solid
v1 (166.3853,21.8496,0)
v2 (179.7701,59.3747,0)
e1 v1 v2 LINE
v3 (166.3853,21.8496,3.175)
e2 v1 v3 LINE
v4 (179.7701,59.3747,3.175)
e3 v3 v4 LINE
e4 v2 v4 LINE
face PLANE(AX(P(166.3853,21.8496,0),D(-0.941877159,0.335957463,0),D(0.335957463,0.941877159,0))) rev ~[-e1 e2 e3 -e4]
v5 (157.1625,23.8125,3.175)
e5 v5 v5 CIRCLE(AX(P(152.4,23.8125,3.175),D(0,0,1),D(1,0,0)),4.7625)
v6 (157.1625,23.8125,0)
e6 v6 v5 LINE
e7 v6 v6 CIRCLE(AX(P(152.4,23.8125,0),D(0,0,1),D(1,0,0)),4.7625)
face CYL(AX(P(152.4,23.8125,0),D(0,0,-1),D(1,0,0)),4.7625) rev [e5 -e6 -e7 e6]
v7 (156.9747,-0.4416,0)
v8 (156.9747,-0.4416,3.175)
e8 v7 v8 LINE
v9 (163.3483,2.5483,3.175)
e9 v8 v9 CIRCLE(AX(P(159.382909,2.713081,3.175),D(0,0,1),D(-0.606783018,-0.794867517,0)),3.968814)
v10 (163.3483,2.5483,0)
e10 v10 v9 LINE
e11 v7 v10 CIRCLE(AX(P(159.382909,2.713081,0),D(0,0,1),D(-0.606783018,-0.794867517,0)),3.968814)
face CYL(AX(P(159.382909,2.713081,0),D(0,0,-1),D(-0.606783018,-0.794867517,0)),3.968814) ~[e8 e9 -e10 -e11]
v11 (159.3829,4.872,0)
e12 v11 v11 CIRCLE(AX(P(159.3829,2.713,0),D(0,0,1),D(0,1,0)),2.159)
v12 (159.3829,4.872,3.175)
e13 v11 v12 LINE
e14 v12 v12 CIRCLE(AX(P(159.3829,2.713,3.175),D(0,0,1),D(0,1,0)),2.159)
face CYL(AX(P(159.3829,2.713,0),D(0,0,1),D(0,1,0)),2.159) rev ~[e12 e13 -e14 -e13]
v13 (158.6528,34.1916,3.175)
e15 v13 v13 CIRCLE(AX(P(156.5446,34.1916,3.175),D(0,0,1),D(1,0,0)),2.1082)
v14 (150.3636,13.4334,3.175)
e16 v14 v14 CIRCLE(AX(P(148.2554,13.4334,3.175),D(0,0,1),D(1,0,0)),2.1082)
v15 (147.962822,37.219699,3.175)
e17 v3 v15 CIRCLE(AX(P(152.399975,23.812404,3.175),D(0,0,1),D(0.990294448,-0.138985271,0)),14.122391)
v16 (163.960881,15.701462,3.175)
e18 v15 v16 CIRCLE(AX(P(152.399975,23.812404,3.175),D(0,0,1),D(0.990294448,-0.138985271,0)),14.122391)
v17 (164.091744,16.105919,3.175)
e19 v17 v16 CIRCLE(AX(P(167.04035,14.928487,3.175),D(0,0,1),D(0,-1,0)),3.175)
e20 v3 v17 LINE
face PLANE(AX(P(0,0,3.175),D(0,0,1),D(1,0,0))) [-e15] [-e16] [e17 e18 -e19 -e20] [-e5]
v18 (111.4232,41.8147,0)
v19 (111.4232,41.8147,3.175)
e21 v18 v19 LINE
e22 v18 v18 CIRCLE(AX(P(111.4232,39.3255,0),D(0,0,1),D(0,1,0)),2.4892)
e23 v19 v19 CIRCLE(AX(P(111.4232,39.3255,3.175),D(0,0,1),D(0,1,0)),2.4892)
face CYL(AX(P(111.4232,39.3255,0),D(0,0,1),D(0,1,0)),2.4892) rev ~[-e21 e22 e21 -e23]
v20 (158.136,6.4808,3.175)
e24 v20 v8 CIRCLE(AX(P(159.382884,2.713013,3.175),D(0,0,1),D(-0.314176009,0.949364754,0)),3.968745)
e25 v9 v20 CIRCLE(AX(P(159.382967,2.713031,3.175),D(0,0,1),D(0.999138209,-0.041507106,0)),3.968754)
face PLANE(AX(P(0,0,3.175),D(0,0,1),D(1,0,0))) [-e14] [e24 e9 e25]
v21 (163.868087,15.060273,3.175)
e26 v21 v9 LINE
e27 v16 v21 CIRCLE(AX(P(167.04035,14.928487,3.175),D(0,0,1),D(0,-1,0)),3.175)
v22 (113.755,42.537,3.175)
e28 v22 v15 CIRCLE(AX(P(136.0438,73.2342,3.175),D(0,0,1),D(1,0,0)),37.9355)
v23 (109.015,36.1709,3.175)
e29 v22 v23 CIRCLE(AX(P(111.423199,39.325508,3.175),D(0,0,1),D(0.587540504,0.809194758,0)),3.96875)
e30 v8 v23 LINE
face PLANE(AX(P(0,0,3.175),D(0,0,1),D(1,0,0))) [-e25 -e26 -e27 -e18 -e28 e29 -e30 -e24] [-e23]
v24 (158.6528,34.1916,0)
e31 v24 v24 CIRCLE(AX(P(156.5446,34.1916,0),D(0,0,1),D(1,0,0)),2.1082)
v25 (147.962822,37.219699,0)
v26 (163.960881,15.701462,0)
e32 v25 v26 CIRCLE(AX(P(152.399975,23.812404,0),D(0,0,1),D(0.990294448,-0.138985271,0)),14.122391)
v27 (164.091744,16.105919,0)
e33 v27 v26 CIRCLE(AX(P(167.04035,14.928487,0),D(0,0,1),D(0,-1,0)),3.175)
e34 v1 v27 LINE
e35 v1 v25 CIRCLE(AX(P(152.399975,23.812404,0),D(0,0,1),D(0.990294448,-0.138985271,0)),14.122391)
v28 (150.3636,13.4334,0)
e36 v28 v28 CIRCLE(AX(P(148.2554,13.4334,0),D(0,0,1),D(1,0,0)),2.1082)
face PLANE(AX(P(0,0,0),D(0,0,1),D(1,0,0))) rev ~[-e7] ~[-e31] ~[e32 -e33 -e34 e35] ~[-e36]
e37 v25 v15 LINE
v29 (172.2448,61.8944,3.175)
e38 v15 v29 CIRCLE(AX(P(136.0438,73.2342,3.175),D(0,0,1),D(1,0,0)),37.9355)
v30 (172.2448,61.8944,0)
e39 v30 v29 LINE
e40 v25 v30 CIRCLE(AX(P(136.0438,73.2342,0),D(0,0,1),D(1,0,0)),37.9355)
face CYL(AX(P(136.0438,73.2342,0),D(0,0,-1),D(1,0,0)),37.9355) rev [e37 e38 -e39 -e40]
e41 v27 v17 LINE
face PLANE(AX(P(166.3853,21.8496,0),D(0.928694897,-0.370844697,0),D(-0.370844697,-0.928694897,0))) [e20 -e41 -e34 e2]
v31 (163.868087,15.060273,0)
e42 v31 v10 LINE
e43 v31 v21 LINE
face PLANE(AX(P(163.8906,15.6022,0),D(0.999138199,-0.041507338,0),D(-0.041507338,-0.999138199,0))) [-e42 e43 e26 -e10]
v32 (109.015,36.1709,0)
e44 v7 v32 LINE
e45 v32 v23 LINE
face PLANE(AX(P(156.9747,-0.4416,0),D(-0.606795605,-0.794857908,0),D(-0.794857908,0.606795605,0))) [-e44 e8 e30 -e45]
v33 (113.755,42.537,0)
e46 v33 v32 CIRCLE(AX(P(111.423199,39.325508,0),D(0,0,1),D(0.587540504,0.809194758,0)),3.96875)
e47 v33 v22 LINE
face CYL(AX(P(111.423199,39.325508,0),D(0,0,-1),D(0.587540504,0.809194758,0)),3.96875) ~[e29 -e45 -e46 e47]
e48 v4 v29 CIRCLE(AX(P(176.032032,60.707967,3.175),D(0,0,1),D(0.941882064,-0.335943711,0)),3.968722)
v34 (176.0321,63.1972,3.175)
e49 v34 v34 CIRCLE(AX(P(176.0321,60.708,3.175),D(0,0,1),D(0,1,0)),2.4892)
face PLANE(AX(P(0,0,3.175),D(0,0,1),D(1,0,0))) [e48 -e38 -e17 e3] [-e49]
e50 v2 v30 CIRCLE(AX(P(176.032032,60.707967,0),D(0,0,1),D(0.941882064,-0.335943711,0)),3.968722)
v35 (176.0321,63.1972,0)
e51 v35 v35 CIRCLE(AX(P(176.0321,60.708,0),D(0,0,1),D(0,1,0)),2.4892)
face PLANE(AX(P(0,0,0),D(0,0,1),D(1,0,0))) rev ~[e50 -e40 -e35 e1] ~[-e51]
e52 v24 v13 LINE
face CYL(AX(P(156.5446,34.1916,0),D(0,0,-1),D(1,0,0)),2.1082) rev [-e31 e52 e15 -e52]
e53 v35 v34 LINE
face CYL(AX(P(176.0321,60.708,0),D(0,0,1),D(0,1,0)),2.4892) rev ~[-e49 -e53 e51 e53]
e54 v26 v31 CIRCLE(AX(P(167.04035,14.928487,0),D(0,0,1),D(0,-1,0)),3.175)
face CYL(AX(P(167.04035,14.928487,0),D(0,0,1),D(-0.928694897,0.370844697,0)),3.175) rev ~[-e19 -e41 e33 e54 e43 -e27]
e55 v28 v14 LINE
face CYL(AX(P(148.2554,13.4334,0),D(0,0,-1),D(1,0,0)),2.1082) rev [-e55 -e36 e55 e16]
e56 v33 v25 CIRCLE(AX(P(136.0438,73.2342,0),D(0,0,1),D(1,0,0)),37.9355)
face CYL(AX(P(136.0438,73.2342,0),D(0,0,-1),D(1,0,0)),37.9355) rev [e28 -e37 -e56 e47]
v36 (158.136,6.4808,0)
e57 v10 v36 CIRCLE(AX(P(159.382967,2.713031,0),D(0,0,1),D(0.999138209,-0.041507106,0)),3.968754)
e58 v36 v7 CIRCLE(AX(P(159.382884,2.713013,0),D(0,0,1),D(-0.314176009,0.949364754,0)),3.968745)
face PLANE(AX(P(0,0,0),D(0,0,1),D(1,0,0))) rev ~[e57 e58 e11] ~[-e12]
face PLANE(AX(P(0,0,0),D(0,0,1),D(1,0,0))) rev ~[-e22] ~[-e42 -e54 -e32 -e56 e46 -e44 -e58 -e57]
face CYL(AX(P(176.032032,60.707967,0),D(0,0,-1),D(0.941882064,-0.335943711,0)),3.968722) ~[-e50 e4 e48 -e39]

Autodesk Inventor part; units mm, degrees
ref_plane "YZ Plane" through (0, 0, 0) normal (1, 0, 0) x (0, 1, 0)
ref_plane "XZ Plane" through (0, 0, 0) normal (0, 1, 0) x (-1, 0, 0)
ref_plane "XY Plane" through (0, 0, 0) normal (0, 0, 1) x (1, 0, 0)
sketch "Sketch1" plane through (0, 0, 0) normal (0, 0, 1) x (1, 0, 0)
  line L0 (0, 0) -> (304.8, 0) construction
  line L1 (304.8, 0) -> (304.8, 50.8) construction
  line L2 (304.8, 50.8) -> (0, 50.8) construction
  line L3 (0, 50.8) -> (0, 0) construction
  circle A0 centre (152.4, 23.8125) radius 6.35 construction
  circle A1 centre (152.4, 23.8125) radius 34.29 construction
  circle A2 centre (152.4, 23.8125) radius 22.225 construction
  line L4 (152.4, 23.8125) -> (139.8147, 61.8398) construction
  circle A3 centre (139.8147, 61.8398) radius 9.525 construction
  circle A4 centre (139.8147, 61.8398) radius 17.78 construction
  circle A5 centre (91.4913, 85.598) radius 32.258 construction
  circle A6 centre (164.4242, 109.7354) radius 32.258 construction
  line L5 (0, 50.8) -> (0, 53.34) construction
  line L6 (0, 53.34) -> (304.8, 53.34) construction
  line L7 (304.8, 53.34) -> (304.8, 50.8) construction
  circle A7 centre (139.8147, 61.8398) radius 21.59 construction
  circle A8 centre (152.4, 23.8125) radius 46.99 construction
  circle A9 centre (152.4, 23.8125) radius 50.8 construction
  arc A10 (86.31, 79.9698) -> (92.3737, 93.1969) centre (91.4913, 85.598) ccw construction
  circle A11 centre (164.4242, 109.7354) radius 7.65 construction
  circle A12 centre (164.4242, 109.7354) radius 9.1 construction
  circle A13 centre (139.8147, 61.8398) radius 22.9 construction
  line L8 (86.31, 79.9698) -> (124.3047, 44.992) construction
  line L9 (171.9401, 108.3093) -> (162.3134, 57.5711) construction
  line L10 (92.3737, 93.1969) -> (91.4913, 85.598) construction
  line L11 (91.4913, 85.598) -> (86.31, 79.9698) construction
  arc A14 (129.415, 93.2634) -> (131.9683, 98.1756) centre (128.1681, 97.0312) ccw
  circle A15 centre (128.1681, 97.0312) radius 7.9375 construction
  line L12 (92.3737, 93.1969) -> (127.2525, 89.1467) construction
  line L13 (133.6065, 91.2495) -> (159.1828, 115.3076) construction
  line L14 (159.1828, 115.3076) -> (164.4242, 109.7354) construction
  line L15 (171.9401, 108.3093) -> (164.4242, 109.7354) construction
  line L16 (139.8147, 61.8398) -> (128.1681, 97.0312) construction
  line L17 (91.4913, 85.598) -> (164.4242, 109.7354) construction
  line L18 (152.4, 23.8125) -> (91.4913, 85.598) construction
  line L19 (152.4, 23.8125) -> (164.4242, 109.7354) construction
  circle A16 centre (128.1681, 97.0312) radius 9.2075 construction
  circle A17 centre (128.1681, 97.0312) radius 6.1595 construction
  arc A18 (92.3737, 93.1969) -> (86.31, 79.9698) centre (91.4913, 85.598) ccw construction
  circle A19 centre (164.4242, 109.7354) radius 25.4 construction
  line L20 (104.9341, 114.9215) -> (78.0485, 56.2745) construction
  circle A20 centre (91.4913, 85.598) radius 25.4 construction
  line L21 (104.3539, 107.5736) -> (92.6302, 85.0411) construction
  line L22 (80.9064, 62.5086) -> (90.326, 86.0974) construction
  arc A21 (100.6288, 111.8976) -> (98.8626, 107.4747) centre (99.7457, 109.6862) ccw construction
  arc A22 (103.2548, 105.4612) -> (105.453, 109.686) centre (104.3539, 107.5736) ccw construction
  arc A23 (103.2548, 105.4612) -> (98.8626, 107.4747) centre (80.9064, 62.5086) ccw construction
  line L23 (99.7457, 109.6862) -> (100.6288, 111.8976) construction
  line L24 (104.3539, 107.5736) -> (105.453, 109.686) construction
  arc A24 (105.453, 109.686) -> (100.6288, 111.8976) centre (80.9064, 62.5086) ccw construction
  arc A25 (87.9407, 76.0281) -> (97.3197, 94.0541) centre (92.6302, 85.0411) ccw construction
  line L25 (90.326, 86.0974) -> (99.7457, 109.6862) construction
  line L26 (92.6302, 85.0411) -> (80.9064, 62.5086) construction
  arc A26 (87.9407, 76.0281) -> (86.5582, 76.6619) centre (80.9064, 62.5086) ccw construction
  arc A27 (97.3197, 94.0541) -> (94.0939, 95.5329) centre (80.9064, 62.5086) ccw construction
  arc A28 (94.0939, 95.5329) -> (86.5582, 76.6619) centre (90.326, 86.0974) ccw construction
  line L27 (164.4242, 109.7354) -> (142.1549, 121.9516) construction
  line L28 (164.4242, 109.7354) -> (186.6936, 97.5192) construction
  circle A29 centre (139.8147, 61.8398) radius 26.71 construction
  circle A30 centre (152.4, 23.8125) radius 11.176 construction
  line L29 (152.4, 23.8125) -> (159.3829, 2.713) construction
  circle A31 centre (152.4, 23.8125) radius 4.7625
  line L30 (156.5446, 34.1916) -> (148.2554, 13.4334) construction
  circle A32 centre (156.5446, 34.1916) radius 2.1082
  circle A33 centre (148.2554, 13.4334) radius 2.1082
  arc A34 (166.3853, 21.8496) -> (163.8906, 15.6022) centre (152.4, 23.8125) ccw
  circle A35 centre (111.4232, 39.3255) radius 9.525 construction
  circle A36 centre (176.0321, 60.708) radius 9.525 construction
  arc A37 (113.755, 42.537) -> (109.015, 36.1709) centre (111.4232, 39.3255) ccw
  arc A38 (179.7701, 59.3747) -> (172.2448, 61.8944) centre (176.0321, 60.708) ccw
  arc A39 (158.136, 6.4808) -> (156.9747, -0.4416) centre (159.3829, 2.713) ccw
  line L31 (152.4, 23.8125) -> (165.1379, 18.7259) construction
  line L32 (166.3853, 21.8496) -> (163.8906, 15.6022)
  arc A40 (163.8906, 15.6022) -> (166.3853, 21.8496) centre (152.4, 23.8125) ccw construction
  line L33 (163.8906, 15.6022) -> (163.3483, 2.5483)
  line L34 (156.9747, -0.4416) -> (109.015, 36.1709)
  line L35 (166.3853, 21.8496) -> (179.7701, 59.3747)
  arc A41 (124.3867, 95.8262) -> (129.415, 93.2634) centre (128.1681, 97.0312) ccw
  arc A42 (131.9683, 98.1756) -> (124.3867, 95.8262) centre (128.1681, 97.0312) ccw
  arc A43 (131.7101, 98.9085) -> (131.9683, 98.1756) centre (178.947, 115.132) ccw
  arc A44 (163.3483, 2.5483) -> (158.136, 6.4808) centre (159.3829, 2.713) ccw
  arc A45 (156.9747, -0.4416) -> (163.3483, 2.5483) centre (159.3829, 2.713) ccw
  circle A46 centre (136.0438, 73.2342) radius 37.9355
  point P0 (102.0762, 108.6874)
  point P1 (145.0256, 46.8513)
  dimension "d1" = 50.8
  dimension "d3" = 23.8125
  dimension "d4" = 152.4
  dimension "d7" = 68.58
  dimension "d8" = 44.45
  dimension "d9" = 19.05
  dimension "d10" = 35.56
  dimension "d11" = 40.0558
  dimension "d12" = 64.516
  dimension "d13" = 64.516
  dimension "d15" = 2.54
  dimension "d16" = 304.8
  dimension "d17" = 43.18
  dimension "d18" = 93.98
  dimension "d19" = 101.6
  dimension "d21" = 15.3
  dimension "d22" = 15.3
  dimension "d24" = 18.2
  dimension "d29" = 45.8
  dimension "d30" = 143.991
  dimension "d31" = 7.9375
  dimension "d32" = 15.875
  dimension "d33" = 143.991
  dimension "d35" = 18.415
  dimension "d37" = 12.319
  dimension "d40" = 50.8
  dimension "d42" = 18.004
  dimension "d43" = 18.004
  dimension "d44" = 50.8
  dimension "d75" = 2.86
  dimension "d80" = 4.7625
  dimension "d82" = 4.7625
  dimension "d83" = 50.8
  dimension "d84" = 50.8
  dimension "d97" = 48.4188
  dimension "d99" = 20.32
  dimension "d101" = 25.4
  dimension "d102" = 25.4
  dimension "d103" = 10.16
  dimension "d105" = 18.004
  dimension "d106" = 18.004
  dimension "d107" = 53.42
  dimension "d149" = 22.352
  dimension "d152" = 180
  dimension "d163" = 9.525
  dimension "d190" = 12.7
  dimension "d191" = 4.2164
  dimension "d192" = 4.2164
  dimension "d209" = 28.2448
  dimension "d210" = 19.05
  dimension "d211" = 19.05
  dimension "d212" = 7.9375
  dimension "d214" = 22.225
  dimension "d215" = 7.9375
  dimension "d216" = 13.716
  dimension "d232" = 3.9688
extrude "Extrusion3" add sketch "Sketch1" along normal blind 3.175 contours L32 A34 | A34 A46 A38 L35 | A34 L33 A44 A39 L34 A37 A46 | A45 A39 A44
hole "Hole3" at (80.9064, 62.5086, 0) at (186.6936, 97.5192, 0) at (128.1681, 97.0312, 0) at (111.4232, 39.3255, 0) at (176.0321, 60.708, 0) direction (0, 0, 1) diameter 4.9784 end through all clearance for "Socket Head Cap Screw" size "#10" standard "Ansi Unified Screw Threads"
fillet "Fillet3" radius 3.175 2 edges at (166.3853, 21.8496, 1.5875) (163.8906, 15.6022, 1.5875)
hole "Hole6" at (159.3829, 2.713, 0) direction (0, 0, 1) diameter 4.318 end through all clearance for "Socket Head Cap Screw" size "#8" standard "Ansi Unified Screw Threads"
equation "\"d8\" = Gear35tPD"
equation "\"d9\" = Gear15tPD"
equation "\"d10\" = Gear28tPD"
equation "\"d11\" = 0.5 * Gear48tPD + 0.5 * Gear15tPD + MeshingClearance"
equation "\"d12\" = CimOD"
equation "\"d13\" = CimOD"
equation "\"d17\" = Gear28tPD + ClearanceDiameter"
equation "\"d18\" = WheelOD"
equation "\"d19\" = WheelClearance"
equation "\"Pulley48tPD\" = 45.8"
equation "\"Pulley19tPD\" = 18.2"
equation "\"Pulley16tPD\" = 15.3"
equation "\"Gear15tPD\" = 19.05"
equation "\"Gear35tPD\" = 44.45"
equation "\"Gear48tPD\" = 60.96"
equation "\"Gear28tPD\" = 35.56"
equation "\"BearingLargeOD\" = 28.575"
equation "\"BearingSmallOD\" = 22.225"
equation "\"MeshingClearance\" = 0.0508"
equation "\"CimOD\" = 64.516"
equation "\"WheelOD\" = 93.98"
equation "\"ClearanceDiameter\" = 7.62"
equation "\"WheelClearance\" = 101.6"
equation "\"TensioningBearingID\" = 6.35"
equation "\"TensioningBearingOD\" = 15.875"
equation "\"SpingClipClearance\" = 8.89"
equation "\"Pi\" = 79.79645"
equation "\"Pulley56tPD\" = 53.5"
equation "\"BearingXLargeOD\" = 34.925"
properties part number "OutlineSketch1" material "Aluminum 6061"
